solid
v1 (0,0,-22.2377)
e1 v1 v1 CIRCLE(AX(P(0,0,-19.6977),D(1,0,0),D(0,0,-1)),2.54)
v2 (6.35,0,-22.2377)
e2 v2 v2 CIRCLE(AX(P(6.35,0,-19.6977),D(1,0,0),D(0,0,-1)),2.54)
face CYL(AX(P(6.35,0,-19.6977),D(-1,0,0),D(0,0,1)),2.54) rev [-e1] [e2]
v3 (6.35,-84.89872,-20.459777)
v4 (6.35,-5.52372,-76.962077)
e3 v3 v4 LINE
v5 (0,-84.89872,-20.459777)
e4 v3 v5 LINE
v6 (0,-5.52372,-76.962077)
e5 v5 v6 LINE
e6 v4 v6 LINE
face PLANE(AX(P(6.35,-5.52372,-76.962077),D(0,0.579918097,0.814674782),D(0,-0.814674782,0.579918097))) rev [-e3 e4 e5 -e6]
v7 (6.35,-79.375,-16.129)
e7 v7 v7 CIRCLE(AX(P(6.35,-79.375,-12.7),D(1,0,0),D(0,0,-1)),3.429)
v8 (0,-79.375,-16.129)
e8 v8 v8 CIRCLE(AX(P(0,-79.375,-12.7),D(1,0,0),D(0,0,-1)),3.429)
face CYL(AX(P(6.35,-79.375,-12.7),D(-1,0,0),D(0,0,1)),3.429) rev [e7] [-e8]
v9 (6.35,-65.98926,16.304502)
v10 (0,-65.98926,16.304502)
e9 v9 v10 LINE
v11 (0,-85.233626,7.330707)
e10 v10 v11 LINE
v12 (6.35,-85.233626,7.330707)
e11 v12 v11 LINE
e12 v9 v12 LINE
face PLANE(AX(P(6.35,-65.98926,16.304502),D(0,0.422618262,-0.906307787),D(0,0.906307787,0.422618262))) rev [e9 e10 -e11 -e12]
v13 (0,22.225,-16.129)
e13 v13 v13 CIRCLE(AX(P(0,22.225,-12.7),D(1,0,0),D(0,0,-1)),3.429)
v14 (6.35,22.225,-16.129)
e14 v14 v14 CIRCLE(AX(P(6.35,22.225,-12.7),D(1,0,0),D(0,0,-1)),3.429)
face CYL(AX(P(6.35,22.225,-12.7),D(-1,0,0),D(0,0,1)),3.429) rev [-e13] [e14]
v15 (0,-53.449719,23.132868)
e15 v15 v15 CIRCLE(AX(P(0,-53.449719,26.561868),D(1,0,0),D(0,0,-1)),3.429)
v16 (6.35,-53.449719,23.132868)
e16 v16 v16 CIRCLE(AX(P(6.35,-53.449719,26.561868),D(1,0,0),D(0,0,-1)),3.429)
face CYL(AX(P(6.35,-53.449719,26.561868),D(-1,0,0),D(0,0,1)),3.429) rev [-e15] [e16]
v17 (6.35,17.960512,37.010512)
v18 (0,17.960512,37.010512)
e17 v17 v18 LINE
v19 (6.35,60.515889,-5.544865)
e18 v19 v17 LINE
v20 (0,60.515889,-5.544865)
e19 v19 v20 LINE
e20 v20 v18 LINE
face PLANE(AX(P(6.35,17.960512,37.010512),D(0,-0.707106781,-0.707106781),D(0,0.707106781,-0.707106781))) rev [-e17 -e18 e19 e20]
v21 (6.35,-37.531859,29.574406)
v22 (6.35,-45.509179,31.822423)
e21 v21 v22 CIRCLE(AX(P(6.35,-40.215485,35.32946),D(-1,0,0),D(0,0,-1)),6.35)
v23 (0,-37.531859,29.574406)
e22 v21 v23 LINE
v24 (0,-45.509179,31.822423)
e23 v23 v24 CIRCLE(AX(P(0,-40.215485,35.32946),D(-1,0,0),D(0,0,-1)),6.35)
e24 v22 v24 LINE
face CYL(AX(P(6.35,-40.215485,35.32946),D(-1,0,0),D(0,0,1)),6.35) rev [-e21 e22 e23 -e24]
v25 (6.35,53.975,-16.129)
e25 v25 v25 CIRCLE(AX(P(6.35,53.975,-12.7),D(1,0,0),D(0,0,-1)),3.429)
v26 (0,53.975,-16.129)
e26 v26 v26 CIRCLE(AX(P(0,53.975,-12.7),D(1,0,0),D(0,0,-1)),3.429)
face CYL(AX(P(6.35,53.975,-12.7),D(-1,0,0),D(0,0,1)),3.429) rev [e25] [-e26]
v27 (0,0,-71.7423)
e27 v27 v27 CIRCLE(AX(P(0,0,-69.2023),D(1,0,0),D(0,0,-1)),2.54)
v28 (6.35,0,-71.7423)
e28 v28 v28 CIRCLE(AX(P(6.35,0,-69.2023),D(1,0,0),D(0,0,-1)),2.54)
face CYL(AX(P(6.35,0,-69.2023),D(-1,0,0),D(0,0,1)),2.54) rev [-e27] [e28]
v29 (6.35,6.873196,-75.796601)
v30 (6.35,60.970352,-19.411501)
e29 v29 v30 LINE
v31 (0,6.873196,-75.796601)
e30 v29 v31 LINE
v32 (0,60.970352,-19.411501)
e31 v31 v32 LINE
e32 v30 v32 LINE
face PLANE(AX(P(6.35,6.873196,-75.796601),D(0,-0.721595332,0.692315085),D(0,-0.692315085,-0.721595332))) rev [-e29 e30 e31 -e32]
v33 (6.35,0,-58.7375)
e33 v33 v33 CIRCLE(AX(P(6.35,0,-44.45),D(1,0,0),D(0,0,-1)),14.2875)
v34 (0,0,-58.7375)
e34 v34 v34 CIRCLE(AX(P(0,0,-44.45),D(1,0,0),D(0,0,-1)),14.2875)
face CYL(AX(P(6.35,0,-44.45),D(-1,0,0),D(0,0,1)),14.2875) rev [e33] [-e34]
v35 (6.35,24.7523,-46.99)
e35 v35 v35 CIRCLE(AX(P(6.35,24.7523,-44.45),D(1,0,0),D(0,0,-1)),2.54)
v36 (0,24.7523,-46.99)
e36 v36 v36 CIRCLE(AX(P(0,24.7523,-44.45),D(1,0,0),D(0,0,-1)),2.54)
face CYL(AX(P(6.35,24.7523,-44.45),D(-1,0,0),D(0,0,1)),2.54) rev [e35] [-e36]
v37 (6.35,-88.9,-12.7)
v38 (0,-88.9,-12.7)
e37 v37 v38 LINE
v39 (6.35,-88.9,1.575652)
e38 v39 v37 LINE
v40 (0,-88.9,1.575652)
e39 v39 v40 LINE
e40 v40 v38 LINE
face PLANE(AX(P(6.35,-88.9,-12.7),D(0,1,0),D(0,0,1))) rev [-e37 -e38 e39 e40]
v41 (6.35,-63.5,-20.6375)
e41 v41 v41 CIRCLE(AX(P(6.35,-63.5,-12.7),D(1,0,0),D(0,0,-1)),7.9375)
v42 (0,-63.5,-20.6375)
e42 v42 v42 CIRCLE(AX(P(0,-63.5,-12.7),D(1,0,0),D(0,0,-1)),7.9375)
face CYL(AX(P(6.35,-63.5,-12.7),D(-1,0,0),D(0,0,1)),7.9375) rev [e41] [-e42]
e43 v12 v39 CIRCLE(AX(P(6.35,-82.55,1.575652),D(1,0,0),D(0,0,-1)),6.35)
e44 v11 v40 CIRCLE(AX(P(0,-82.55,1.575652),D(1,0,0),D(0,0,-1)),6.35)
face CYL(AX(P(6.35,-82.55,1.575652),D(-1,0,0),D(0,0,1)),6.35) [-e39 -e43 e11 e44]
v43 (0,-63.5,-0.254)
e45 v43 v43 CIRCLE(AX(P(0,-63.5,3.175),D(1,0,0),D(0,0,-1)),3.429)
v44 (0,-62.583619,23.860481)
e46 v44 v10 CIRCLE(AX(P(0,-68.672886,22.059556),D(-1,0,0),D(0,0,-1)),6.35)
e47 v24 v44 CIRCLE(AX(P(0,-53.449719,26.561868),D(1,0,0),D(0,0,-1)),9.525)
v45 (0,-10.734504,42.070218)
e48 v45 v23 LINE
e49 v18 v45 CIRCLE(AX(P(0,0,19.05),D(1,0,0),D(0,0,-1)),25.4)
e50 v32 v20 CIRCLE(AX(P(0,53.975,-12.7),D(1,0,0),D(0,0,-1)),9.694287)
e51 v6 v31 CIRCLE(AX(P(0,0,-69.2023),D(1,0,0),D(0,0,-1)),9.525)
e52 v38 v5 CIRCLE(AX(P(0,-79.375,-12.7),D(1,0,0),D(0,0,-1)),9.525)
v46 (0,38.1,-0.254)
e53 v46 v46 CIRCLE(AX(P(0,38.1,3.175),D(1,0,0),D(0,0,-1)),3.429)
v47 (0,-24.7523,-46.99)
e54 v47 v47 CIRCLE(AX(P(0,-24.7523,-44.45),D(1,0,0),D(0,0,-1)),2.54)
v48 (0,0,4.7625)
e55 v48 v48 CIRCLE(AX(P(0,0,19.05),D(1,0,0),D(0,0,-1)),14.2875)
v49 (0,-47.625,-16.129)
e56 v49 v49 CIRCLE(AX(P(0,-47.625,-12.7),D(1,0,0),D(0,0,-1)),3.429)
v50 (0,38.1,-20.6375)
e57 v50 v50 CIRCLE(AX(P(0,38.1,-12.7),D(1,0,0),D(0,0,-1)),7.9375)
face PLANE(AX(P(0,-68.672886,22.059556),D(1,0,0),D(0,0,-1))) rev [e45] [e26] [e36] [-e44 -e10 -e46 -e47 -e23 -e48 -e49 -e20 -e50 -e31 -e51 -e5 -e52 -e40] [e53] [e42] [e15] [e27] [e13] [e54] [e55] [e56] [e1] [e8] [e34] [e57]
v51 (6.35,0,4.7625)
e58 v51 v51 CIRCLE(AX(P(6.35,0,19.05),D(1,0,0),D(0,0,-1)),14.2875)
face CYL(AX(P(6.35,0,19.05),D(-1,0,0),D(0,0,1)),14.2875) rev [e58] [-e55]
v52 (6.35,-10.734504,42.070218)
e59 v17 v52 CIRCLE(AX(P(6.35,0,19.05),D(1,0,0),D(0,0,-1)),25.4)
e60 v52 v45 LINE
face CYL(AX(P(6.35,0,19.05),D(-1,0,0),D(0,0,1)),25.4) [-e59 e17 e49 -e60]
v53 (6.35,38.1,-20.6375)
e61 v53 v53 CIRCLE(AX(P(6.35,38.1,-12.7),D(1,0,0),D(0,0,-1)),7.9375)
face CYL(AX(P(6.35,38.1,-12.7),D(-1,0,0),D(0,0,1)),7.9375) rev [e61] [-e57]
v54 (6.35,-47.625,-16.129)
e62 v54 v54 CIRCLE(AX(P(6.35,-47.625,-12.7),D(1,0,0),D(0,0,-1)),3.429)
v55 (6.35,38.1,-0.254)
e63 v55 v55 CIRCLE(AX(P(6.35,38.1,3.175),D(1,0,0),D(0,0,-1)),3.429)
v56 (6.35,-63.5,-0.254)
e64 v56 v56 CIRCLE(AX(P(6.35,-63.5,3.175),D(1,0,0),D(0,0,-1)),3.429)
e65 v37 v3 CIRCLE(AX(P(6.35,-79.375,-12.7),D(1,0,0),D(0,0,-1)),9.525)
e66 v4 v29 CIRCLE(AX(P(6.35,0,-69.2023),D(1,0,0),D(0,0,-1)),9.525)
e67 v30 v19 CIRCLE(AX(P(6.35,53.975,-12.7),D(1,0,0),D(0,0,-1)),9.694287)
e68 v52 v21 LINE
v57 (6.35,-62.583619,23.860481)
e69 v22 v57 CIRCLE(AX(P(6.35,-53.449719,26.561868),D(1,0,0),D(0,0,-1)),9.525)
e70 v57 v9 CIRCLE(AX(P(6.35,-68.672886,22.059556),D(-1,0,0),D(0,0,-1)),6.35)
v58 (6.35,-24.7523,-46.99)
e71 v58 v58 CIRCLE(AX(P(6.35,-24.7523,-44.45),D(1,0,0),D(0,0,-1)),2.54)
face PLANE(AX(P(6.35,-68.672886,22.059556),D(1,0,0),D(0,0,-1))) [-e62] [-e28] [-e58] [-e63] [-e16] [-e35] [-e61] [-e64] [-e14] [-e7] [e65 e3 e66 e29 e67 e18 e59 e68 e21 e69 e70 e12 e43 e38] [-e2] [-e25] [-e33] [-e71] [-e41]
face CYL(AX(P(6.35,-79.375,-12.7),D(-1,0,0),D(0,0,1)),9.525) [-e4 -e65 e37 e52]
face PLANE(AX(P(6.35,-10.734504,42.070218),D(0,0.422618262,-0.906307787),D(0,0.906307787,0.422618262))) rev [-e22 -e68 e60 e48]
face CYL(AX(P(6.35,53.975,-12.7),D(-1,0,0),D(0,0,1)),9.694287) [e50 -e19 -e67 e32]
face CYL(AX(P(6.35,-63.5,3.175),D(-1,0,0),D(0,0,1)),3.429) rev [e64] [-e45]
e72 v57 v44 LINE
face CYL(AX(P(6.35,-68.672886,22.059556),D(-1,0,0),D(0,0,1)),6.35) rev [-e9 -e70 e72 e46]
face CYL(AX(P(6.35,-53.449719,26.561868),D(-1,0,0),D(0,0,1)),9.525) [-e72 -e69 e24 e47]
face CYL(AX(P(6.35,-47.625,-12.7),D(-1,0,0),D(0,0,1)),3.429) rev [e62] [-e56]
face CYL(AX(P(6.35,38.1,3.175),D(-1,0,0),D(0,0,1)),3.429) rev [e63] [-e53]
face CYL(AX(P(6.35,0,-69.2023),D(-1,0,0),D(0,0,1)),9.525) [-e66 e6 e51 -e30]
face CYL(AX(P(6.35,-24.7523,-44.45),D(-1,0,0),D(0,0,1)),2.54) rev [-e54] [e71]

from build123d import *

# Parameters (mm, degrees)
SKETCH1_R           = 14.2875
SKETCH1_R_2         = 7.9375
SKETCH1_R_3         = 3.429
SKETCH1_R_4         = 2.54
BOSS_EXTRUDE1_DEPTH = 6.35


with BuildPart() as part:
    # Sketch1 → Boss-Extrude1 (new body)
    with BuildSketch(Plane(origin=(0, 0, 0), x_dir=(0, 0, -1), z_dir=(1, 0, 0))):
        with BuildLine():
            Line((12.7, -88.9), (-1.575652176, -88.9))
            ThreePointArc((-1.575652176, -88.9), (-4.987504689, -87.905535681), (-7.330706623, -85.233625962))
            Line((-7.330706623, -85.233625962), (-16.304501832, -65.989260033))
            ThreePointArc((-16.304501832, -65.989260033), (-19.450268482, -62.883748133), (-23.860481018, -62.583619201))
            ThreePointArc((-23.860481018, -62.583619201), (-35.194449796, -57.475157953), (-31.822423449, -45.509178558))
            ThreePointArc((-31.822423449, -45.509178558), (-29.217505575, -41.937840594), (-29.574405884, -37.53185896))
            Line((-29.574405884, -37.53185896), (-42.070217791, -10.734503848))
            ThreePointArc((-42.070217791, -10.734503848), (-44.064116927, 4.410663713), (-37.010512242, 17.960512242))
            Line((-37.010512242, 17.960512242), (5.544864644, 60.515889128))
            ThreePointArc((5.544864644, 60.515889128), (12.382451565, 63.66408435), (19.411500847, 60.970351952))
            Line((19.411500847, 60.970351952), (75.796601185, 6.873195536))
            ThreePointArc((75.796601185, 6.873195536), (78.685483549, 0.891546289), (76.962077301, -5.523719874))
            Line((76.962077301, -5.523719874), (20.459777301, -84.898719874))
            ThreePointArc((20.459777301, -84.898719874), (17.065328922, -87.840785752), (12.7, -88.9))
        make_face()
        with Locations((-19.05, 0)):
            Circle(SKETCH1_R, mode=Mode.SUBTRACT)
        with Locations((12.7, 38.1)):
            Circle(SKETCH1_R_2, mode=Mode.SUBTRACT)
        with Locations((12.7, -63.5)):
            Circle(SKETCH1_R_2, mode=Mode.SUBTRACT)
        with Locations((-26.561868124, -53.44971901)):
            Circle(SKETCH1_R_3, mode=Mode.SUBTRACT)
        with Locations((12.7, 53.975)):
            Circle(SKETCH1_R_3, mode=Mode.SUBTRACT)
        with Locations((-3.175, -63.5)):
            Circle(SKETCH1_R_3, mode=Mode.SUBTRACT)
        with Locations((12.7, -47.625)):
            Circle(SKETCH1_R_3, mode=Mode.SUBTRACT)
        with Locations((12.7, -79.375)):
            Circle(SKETCH1_R_3, mode=Mode.SUBTRACT)
        with Locations((-3.175, 38.1)):
            Circle(SKETCH1_R_3, mode=Mode.SUBTRACT)
        with Locations((12.7, 22.225)):
            Circle(SKETCH1_R_3, mode=Mode.SUBTRACT)
        with Locations((44.45, 0)):
            Circle(SKETCH1_R, mode=Mode.SUBTRACT)
        with Locations((44.45, 24.7523)):
            Circle(SKETCH1_R_4, mode=Mode.SUBTRACT)
        with Locations((69.2023, 0)):
            Circle(SKETCH1_R_4, mode=Mode.SUBTRACT)
        with Locations((44.45, -24.7523)):
            Circle(SKETCH1_R_4, mode=Mode.SUBTRACT)
        with Locations((19.6977, 0)):
            Circle(SKETCH1_R_4, mode=Mode.SUBTRACT)
    extrude(amount=BOSS_EXTRUDE1_DEPTH)


solid = part.part
